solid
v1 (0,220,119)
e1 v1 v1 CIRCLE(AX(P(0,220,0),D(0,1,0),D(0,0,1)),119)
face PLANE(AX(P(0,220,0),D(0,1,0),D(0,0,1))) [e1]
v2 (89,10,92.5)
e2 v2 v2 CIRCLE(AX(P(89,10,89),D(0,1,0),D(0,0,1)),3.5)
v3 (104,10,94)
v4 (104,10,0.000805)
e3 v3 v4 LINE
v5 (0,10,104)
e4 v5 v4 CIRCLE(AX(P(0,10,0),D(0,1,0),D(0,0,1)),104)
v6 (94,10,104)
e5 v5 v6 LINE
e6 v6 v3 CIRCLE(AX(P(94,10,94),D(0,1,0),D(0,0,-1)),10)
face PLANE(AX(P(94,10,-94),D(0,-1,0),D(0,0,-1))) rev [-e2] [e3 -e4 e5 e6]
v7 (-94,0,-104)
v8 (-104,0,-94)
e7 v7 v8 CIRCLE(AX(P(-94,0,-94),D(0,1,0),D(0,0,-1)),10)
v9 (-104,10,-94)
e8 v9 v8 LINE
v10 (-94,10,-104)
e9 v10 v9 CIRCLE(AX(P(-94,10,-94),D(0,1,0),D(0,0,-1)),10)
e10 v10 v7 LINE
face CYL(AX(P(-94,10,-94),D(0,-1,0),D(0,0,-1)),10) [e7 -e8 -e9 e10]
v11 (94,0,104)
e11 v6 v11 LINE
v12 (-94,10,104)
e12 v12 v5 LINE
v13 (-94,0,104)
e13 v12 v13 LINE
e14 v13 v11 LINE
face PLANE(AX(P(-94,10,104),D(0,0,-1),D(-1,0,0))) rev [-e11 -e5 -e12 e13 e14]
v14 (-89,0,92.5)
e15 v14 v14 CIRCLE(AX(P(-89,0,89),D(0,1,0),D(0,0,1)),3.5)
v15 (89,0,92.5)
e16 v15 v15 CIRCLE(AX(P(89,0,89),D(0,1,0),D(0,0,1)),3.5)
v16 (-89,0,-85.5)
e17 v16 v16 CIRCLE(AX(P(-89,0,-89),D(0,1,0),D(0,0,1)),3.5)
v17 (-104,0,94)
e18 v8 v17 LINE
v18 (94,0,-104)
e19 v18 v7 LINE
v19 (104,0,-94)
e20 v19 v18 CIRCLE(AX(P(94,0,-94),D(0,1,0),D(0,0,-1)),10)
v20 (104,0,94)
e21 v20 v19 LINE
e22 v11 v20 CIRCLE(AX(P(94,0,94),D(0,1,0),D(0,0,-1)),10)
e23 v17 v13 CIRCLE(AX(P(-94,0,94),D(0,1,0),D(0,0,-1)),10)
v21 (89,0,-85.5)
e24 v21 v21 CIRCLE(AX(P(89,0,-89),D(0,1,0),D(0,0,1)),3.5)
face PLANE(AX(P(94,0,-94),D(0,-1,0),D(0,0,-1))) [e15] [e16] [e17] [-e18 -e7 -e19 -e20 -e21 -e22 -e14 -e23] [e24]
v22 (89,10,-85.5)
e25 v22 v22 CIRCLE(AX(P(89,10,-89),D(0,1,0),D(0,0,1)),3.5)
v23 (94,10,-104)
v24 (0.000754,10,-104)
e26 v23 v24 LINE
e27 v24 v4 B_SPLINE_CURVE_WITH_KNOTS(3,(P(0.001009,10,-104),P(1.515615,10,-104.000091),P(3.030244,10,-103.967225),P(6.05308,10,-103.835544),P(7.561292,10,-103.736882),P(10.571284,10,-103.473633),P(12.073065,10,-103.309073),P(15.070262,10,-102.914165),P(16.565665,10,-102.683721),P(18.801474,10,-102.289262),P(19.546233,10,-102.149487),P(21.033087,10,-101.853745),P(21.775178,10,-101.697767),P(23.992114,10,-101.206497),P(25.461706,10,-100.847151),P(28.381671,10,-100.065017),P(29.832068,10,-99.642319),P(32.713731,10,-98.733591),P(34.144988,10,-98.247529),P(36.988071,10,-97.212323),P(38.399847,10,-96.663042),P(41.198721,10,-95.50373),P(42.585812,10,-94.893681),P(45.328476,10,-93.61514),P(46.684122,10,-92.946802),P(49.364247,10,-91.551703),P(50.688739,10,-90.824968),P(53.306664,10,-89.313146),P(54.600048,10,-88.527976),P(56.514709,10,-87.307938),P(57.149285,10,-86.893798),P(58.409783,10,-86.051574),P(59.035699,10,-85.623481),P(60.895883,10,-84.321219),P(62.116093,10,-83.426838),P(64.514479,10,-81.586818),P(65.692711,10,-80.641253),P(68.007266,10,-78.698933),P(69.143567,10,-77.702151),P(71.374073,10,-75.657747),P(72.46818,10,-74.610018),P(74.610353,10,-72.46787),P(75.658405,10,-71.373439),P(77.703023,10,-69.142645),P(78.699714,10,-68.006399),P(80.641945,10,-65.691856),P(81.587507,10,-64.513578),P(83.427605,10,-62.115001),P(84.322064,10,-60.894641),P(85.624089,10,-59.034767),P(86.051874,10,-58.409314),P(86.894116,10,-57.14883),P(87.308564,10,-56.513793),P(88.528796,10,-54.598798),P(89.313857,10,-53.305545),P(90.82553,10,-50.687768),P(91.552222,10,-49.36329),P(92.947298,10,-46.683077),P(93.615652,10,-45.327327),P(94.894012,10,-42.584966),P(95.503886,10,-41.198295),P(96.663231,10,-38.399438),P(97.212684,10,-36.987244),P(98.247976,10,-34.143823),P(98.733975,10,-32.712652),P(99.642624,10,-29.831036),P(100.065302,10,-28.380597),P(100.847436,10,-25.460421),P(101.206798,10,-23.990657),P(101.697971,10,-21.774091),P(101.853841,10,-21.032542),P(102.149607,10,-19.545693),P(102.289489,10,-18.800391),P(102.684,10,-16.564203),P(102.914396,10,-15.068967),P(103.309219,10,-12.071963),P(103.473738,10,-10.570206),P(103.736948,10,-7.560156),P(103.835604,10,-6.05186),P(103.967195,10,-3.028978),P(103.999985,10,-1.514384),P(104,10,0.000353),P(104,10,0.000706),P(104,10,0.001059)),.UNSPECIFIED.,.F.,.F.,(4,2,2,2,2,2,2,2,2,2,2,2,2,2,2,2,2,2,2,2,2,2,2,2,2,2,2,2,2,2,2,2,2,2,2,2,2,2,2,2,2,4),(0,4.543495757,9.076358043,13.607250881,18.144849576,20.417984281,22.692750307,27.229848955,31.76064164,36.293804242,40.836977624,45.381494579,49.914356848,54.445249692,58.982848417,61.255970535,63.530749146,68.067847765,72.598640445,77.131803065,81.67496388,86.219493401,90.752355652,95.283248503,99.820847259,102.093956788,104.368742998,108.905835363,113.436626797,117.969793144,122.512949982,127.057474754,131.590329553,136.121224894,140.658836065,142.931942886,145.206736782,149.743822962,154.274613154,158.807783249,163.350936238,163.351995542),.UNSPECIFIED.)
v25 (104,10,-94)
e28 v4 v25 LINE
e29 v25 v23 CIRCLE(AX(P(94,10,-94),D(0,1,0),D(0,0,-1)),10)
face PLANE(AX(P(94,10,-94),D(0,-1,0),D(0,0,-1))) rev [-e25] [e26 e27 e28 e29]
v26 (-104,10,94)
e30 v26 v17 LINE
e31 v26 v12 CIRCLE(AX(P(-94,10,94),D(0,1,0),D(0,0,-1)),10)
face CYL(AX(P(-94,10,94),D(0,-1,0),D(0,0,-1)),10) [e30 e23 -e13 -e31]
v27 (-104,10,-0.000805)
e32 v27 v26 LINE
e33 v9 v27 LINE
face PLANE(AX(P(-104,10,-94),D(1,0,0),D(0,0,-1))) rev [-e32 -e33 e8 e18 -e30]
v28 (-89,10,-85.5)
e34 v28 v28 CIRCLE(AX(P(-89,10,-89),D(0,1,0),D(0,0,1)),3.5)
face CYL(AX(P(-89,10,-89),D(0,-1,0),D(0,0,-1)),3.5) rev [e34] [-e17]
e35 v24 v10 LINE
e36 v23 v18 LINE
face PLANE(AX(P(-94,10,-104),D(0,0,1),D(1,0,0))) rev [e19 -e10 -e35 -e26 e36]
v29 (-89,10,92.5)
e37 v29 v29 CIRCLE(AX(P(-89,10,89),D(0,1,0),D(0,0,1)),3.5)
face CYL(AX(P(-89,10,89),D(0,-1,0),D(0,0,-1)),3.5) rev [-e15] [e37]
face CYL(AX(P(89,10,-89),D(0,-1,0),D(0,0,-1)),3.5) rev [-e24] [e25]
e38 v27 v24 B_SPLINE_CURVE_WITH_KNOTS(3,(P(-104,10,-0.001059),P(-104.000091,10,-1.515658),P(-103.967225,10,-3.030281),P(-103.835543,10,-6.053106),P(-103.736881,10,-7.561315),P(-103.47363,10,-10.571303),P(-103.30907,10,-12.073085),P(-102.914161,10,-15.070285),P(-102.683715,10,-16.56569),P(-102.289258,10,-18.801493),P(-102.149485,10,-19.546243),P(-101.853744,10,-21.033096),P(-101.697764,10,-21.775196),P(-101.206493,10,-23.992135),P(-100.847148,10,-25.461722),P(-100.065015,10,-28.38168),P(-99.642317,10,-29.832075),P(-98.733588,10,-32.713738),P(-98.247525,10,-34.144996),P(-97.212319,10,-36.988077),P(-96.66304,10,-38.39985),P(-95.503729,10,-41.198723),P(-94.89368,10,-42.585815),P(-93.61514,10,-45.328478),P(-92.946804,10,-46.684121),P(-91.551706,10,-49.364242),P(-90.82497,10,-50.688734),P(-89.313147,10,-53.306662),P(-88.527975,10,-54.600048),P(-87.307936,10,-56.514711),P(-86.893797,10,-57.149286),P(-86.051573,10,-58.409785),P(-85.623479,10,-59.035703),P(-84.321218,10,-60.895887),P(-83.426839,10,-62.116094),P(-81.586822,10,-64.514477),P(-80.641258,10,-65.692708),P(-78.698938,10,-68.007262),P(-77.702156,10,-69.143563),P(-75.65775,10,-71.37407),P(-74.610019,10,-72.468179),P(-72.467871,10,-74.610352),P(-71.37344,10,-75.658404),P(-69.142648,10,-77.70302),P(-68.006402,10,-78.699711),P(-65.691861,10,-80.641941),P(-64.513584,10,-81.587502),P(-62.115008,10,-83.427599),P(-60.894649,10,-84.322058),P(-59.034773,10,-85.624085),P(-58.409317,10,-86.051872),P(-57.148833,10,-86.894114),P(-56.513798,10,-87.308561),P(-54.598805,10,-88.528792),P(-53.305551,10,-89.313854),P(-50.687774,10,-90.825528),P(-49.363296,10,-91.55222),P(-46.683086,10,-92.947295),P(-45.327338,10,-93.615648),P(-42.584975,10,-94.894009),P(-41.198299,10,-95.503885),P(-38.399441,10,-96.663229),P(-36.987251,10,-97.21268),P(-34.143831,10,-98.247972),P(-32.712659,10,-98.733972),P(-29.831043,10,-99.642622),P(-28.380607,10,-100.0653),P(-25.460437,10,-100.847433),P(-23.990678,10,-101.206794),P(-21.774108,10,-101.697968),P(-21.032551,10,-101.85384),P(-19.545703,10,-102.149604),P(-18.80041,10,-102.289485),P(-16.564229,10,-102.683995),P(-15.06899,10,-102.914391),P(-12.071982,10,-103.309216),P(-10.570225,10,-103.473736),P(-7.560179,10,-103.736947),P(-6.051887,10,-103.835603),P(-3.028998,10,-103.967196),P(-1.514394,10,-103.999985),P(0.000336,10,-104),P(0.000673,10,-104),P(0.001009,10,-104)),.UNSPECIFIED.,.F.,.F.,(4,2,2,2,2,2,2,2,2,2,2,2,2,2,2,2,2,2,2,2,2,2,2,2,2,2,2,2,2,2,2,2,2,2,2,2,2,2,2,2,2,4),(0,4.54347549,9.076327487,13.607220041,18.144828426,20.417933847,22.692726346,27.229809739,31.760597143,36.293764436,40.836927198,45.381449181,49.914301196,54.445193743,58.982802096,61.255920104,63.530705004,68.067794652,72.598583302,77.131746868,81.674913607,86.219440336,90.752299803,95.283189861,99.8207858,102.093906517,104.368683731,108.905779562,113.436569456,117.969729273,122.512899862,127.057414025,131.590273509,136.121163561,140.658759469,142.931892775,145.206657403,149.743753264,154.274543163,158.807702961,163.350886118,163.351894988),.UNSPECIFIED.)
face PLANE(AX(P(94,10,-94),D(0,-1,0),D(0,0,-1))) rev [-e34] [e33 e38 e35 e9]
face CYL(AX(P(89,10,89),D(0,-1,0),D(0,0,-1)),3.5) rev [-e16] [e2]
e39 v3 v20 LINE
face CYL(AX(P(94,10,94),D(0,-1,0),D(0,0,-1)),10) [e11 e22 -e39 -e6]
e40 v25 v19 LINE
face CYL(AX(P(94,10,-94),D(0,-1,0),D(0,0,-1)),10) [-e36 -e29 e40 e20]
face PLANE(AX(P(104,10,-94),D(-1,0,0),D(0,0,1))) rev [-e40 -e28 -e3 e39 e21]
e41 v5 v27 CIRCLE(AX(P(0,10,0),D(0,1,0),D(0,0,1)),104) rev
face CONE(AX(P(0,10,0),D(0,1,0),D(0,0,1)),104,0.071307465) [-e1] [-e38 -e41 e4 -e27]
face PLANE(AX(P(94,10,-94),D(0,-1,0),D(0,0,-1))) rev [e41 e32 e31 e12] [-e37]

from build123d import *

# Parameters (mm, degrees)
SKETCH5_R           = 3.5
BOSS_EXTRUDE2_DEPTH = 10
SKETCH7_R           = 119
SKETCH6_R           = 104


with BuildPart() as part:
    # Sketch5 → Boss-Extrude2 (new body)
    with BuildSketch(Plane(origin=(0, 0, 0), x_dir=(1, 0, 0), z_dir=(0, 1, 0))):
        with BuildLine():
            Line((-94, 104), (94, 104))
            ThreePointArc((94, 104), (101.071067812, 101.071067812), (104, 94))
            Line((104, 94), (104, -94))
            ThreePointArc((104, -94), (101.071067812, -101.071067812), (94, -104))
            Line((94, -104), (-94, -104))
            ThreePointArc((-94, -104), (-101.071067812, -101.071067812), (-104, -94))
            Line((-104, -94), (-104, 94))
            ThreePointArc((-104, 94), (-101.071067812, 101.071067812), (-94, 104))
        make_face()
        with Locations(Location((-89, 89, 0), (0, 0, 270))):
            Circle(SKETCH5_R, mode=Mode.SUBTRACT)
        with Locations(Location((89, 89, 0), (0, 0, 270))):
            Circle(SKETCH5_R, mode=Mode.SUBTRACT)
        with Locations(Location((89, -89, 0), (0, 0, 270))):
            Circle(SKETCH5_R, mode=Mode.SUBTRACT)
        with Locations(Location((-89, -89, 0), (0, 0, 270))):
            Circle(SKETCH5_R, mode=Mode.SUBTRACT)
    extrude(amount=BOSS_EXTRUDE2_DEPTH)

    # Sketch7 → Loft3 section 0
    with BuildSketch(Plane(origin=(0, 220, 0), x_dir=(1, 0, 0), z_dir=(0, 1, 0))):
        Circle(SKETCH7_R)
    # Sketch6 → Loft3 section 1
    with BuildSketch(Plane(origin=(0, 10, 0), x_dir=(1, 0, 0), z_dir=(0, 1, 0))):
        Circle(SKETCH6_R)
    loft()


solid = part.part
